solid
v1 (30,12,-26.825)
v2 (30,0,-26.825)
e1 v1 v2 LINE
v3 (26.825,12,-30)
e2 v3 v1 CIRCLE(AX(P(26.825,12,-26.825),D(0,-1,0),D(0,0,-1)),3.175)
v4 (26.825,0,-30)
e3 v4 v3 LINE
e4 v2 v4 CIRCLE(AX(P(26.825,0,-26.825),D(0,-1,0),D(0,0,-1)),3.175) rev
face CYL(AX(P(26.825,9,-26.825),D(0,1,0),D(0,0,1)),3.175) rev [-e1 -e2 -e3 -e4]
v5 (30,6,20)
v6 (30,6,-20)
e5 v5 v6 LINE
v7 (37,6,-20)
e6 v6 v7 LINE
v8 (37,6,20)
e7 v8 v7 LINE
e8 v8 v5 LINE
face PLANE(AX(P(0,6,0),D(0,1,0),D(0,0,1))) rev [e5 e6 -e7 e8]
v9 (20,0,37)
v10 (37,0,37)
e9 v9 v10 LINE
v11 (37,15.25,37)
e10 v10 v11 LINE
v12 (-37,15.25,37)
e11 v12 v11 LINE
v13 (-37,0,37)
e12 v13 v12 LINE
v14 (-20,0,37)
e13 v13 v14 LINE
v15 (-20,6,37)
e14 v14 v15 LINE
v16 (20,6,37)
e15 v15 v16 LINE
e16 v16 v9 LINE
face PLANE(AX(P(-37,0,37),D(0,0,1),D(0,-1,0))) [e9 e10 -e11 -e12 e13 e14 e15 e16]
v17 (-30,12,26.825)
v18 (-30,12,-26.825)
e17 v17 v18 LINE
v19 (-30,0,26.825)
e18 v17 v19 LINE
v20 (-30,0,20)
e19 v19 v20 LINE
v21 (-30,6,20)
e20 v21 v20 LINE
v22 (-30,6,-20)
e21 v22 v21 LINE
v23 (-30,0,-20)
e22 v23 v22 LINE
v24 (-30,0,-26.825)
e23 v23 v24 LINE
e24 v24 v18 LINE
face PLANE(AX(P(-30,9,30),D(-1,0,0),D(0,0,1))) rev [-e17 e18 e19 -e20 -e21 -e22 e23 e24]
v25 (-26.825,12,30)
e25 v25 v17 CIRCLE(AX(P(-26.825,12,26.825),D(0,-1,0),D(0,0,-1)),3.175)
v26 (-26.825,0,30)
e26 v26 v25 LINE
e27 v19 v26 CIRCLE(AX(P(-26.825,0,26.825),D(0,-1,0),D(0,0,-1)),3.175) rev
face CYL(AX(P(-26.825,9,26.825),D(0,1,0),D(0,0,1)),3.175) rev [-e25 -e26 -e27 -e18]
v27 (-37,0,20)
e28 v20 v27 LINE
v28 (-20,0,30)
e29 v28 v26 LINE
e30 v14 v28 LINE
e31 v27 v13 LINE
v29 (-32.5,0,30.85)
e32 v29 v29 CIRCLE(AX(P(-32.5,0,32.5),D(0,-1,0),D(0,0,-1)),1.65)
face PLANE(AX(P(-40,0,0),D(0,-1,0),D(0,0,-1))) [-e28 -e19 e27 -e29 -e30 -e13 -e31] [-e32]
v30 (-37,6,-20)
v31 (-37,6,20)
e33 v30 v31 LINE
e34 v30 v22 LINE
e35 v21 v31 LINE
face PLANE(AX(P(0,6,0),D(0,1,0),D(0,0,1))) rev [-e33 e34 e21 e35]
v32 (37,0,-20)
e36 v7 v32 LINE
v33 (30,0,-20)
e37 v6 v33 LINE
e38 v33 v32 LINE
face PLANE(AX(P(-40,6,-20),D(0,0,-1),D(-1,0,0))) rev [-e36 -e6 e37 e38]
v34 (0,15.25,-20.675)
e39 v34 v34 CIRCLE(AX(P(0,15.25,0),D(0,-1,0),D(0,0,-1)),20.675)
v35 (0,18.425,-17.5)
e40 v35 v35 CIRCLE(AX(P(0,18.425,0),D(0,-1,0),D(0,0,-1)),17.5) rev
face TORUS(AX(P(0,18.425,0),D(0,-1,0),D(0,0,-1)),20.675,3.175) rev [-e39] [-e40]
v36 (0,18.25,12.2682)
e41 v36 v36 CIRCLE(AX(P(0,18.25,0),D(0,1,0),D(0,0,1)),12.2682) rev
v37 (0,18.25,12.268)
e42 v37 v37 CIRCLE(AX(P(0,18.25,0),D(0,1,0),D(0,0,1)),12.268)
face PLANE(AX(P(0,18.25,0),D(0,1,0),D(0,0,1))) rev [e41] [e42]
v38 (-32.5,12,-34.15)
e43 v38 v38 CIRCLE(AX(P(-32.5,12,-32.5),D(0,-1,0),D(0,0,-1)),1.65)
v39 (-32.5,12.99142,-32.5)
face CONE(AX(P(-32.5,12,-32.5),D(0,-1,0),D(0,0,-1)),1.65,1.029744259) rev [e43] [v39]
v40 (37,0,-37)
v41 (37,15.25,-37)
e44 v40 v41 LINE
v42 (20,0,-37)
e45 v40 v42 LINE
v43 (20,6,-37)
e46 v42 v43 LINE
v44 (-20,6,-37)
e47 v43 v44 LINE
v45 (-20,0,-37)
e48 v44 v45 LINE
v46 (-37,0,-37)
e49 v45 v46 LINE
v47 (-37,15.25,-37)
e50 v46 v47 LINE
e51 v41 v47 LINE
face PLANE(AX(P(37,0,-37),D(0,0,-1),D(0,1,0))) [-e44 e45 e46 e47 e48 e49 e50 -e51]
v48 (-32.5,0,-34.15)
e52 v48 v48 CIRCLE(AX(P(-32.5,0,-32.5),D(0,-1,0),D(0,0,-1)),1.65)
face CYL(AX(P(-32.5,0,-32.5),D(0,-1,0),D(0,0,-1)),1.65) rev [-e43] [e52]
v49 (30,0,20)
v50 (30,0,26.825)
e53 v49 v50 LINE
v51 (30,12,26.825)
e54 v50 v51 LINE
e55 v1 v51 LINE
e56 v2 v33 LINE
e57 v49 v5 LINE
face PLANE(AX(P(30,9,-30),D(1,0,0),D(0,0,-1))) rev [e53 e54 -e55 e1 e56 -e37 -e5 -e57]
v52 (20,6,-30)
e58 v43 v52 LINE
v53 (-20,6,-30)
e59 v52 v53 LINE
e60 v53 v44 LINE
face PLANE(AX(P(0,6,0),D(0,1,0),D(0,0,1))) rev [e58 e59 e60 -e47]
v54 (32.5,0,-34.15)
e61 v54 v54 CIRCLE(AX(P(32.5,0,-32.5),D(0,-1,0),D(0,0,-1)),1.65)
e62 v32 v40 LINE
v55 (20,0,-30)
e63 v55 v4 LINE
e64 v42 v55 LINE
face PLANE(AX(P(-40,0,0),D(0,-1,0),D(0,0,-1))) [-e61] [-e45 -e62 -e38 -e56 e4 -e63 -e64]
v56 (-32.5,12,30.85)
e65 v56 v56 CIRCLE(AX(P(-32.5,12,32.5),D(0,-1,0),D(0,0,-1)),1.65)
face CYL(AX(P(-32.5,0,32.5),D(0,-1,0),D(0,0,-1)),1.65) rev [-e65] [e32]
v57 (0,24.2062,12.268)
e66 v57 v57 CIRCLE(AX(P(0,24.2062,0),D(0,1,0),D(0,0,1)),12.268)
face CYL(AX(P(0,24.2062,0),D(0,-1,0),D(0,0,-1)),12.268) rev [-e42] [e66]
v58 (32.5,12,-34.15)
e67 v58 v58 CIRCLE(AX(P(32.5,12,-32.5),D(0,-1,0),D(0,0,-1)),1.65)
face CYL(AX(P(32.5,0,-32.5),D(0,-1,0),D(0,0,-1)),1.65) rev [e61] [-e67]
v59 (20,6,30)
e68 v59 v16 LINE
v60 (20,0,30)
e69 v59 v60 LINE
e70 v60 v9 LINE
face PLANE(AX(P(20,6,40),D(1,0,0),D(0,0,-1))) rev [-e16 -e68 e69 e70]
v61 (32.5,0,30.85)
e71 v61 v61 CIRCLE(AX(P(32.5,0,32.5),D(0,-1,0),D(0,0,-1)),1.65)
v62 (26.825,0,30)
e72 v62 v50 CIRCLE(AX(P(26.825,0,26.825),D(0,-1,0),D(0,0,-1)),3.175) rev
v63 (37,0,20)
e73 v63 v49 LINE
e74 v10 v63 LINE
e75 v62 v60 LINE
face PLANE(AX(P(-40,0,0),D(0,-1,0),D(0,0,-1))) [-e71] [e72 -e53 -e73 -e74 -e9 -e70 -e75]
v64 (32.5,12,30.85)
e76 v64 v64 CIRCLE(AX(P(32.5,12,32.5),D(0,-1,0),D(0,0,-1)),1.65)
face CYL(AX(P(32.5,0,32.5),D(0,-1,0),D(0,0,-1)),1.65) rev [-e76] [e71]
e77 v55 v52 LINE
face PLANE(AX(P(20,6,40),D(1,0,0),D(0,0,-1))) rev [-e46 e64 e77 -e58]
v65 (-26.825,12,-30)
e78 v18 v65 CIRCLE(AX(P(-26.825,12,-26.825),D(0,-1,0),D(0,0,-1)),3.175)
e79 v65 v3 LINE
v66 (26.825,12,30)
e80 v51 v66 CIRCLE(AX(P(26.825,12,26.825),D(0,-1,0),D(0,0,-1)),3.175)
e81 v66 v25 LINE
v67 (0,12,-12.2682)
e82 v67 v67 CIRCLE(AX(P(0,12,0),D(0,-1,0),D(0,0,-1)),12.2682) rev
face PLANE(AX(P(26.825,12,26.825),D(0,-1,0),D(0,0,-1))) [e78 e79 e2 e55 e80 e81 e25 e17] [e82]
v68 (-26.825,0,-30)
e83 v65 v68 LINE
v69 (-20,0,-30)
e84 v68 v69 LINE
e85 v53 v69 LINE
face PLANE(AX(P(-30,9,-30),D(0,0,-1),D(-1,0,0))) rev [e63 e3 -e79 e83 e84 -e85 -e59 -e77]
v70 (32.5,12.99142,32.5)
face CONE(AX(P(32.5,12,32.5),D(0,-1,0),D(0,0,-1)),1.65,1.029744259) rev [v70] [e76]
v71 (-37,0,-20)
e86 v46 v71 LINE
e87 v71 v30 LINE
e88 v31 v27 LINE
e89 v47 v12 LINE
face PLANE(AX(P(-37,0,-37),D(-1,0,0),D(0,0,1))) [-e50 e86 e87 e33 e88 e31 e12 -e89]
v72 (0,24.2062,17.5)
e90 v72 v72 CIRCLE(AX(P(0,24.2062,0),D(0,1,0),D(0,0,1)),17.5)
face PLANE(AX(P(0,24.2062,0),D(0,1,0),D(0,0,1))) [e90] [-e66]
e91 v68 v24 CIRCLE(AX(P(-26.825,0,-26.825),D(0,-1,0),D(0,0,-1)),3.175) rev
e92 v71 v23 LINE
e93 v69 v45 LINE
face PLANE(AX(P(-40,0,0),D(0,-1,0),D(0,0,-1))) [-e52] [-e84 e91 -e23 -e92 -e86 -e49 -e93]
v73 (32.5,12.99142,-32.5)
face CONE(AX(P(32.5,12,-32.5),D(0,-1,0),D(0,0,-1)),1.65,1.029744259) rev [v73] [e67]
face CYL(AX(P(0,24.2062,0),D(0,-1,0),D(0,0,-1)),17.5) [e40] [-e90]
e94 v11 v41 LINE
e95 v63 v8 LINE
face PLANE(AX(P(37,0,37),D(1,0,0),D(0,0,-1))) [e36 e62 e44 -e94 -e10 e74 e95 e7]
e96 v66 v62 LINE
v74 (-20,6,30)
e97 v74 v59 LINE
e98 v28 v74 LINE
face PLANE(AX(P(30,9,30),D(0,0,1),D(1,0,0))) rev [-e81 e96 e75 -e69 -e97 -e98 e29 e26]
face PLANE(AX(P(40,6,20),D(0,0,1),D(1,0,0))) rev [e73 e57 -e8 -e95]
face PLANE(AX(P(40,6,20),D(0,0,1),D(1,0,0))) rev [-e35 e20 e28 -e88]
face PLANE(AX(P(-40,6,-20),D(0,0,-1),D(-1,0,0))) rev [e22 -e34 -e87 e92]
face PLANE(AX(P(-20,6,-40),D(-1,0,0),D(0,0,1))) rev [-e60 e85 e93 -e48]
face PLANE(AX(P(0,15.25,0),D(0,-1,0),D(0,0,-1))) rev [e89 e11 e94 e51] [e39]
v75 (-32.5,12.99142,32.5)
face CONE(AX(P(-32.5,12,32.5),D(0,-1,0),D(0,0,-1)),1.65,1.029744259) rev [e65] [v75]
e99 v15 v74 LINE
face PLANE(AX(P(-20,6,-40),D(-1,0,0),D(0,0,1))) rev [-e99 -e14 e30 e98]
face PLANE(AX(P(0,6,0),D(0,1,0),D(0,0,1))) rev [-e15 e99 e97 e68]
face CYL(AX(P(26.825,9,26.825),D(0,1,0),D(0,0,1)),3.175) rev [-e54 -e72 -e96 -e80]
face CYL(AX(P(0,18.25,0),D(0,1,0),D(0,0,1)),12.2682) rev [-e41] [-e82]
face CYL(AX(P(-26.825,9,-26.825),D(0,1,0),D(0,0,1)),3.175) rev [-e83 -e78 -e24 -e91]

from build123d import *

# Parameters (mm, degrees)
OUTLINE_DEPTH        = 40
OUTLINE_DEPTH_BACK   = 40
SKETCH1_W            = 18.25
SKETCH1_H            = 40
SKETCH2_W            = 40
SKETCH2_H            = 80
EXTRUSION15_DEPTH    = 6
CAMERA_MOUNT_D       = 24.5364
SKETCH5_R            = 17.5
SKETCH5_R_2          = 12.268
EXTRUSION19_DEPTH    = 5.9562
CUT_EXTRUDE1_START   = -3
SKETCH10_W           = 80
SKETCH10_H           = 80
SKETCH10_R           = 17.5
CUT_EXTRUDE1_DEPTH   = 3
SKETCH6_W            = 80
SKETCH6_H            = 40
EXTRUSION21_DEPTH    = 6
SKETCH7_W            = 60
SKETCH7_H            = 60
EXTRUSION22_DEPTH    = 9
FILLET4_R            = 3.175
HOLE7_D              = 3.3
HOLE7_DEPTH          = 12
HOLE7_TIP            = 0.991420021
SKETCH11_OUTSIDE_W   = 105.14
SKETCH11_OUTSIDE_H   = 105.14
SKETCH11_OUTSIDE_W_2 = 74
SKETCH11_OUTSIDE_H_2 = 74
CUT_EXTRUDE2_DEPTH   = 59.588074725
CUT_EXTRUDE3_START   = -3
CUT_EXTRUDE3_DEPTH   = 3


with BuildPart() as part:
    # Sketch1 → Outline (new, two sides: drawn at the far end of the back side and taken through both)
    with BuildSketch(Plane.YZ.offset(-OUTLINE_DEPTH_BACK)):
        Polygon((18.25, 40), (5.33, 40), (0, 40), (0, 0), (18.25, 0), align=None)
        with Locations((9.125, -20)):
            Rectangle(SKETCH1_W, SKETCH1_H)
    extrude(amount=OUTLINE_DEPTH + OUTLINE_DEPTH_BACK)

    # Sketch2 → Extrusion15 (cut)
    with BuildSketch(Plane.XZ):
        Rectangle(SKETCH2_W, SKETCH2_H)
    extrude(amount=-EXTRUSION15_DEPTH, mode=Mode.SUBTRACT)

    # Camera mount (through all)
    with Locations(Plane(origin=(0, 18.25, 0), x_dir=(1, 0, 0), z_dir=(0, 1, 0))):
        with Locations((0, 0)):
            Hole(CAMERA_MOUNT_D / 2)

    # Sketch5 → Extrusion19 (add)
    with BuildSketch(Plane(origin=(0, 18.25, 0), x_dir=(-1, 0, 0), z_dir=(0, 1, 0))):
        with Locations(Location((0, 0, 0), (0, 0, 90))):
            Circle(SKETCH5_R)
        with Locations(Location((0, 0, 0), (0, 0, 90))):
            Circle(SKETCH5_R_2, mode=Mode.SUBTRACT)
    extrude(amount=EXTRUSION19_DEPTH)

    # Sketch10 → Cut-Extrude1 (cut)
    with BuildSketch(Plane(origin=(0, 18.25, 0), x_dir=(1, 0, 0), z_dir=(0, 1, 0)).offset(CUT_EXTRUDE1_START)):
        Rectangle(SKETCH10_W, SKETCH10_H)
        with Locations(Location((0, 0, 0), (0, 0, 270))):
            Circle(SKETCH10_R, mode=Mode.SUBTRACT)
    extrude(amount=CUT_EXTRUDE1_DEPTH, mode=Mode.SUBTRACT)

    # Sketch6 → Extrusion21 (cut)
    with BuildSketch(Plane.XZ):
        Rectangle(SKETCH6_W, SKETCH6_H)
    extrude(amount=-EXTRUSION21_DEPTH, mode=Mode.SUBTRACT)

    # Sketch7 → Extrusion22 (cut)
    with BuildSketch(Plane.XZ):
        Rectangle(SKETCH7_W, SKETCH7_H)
    extrude(amount=-EXTRUSION22_DEPTH, mode=Mode.SUBTRACT)

    # Fillet4
    fillet4_edges = [part.edges().sort_by_distance(p)[0] for p in [
        (-30, 4.5, 30),
        (30, 4.5, -30),
        (30, 4.5, 30),
        (-30, 4.5, -30),
        (0, 15.25, -17.5),
    ]]
    fillet(fillet4_edges, radius=FILLET4_R)

    # Hole7
    with Locations(Plane(origin=(0, 0, 0), x_dir=(-1, 0, 0), z_dir=(0, -1, 0))):
        with Locations((32.5, 32.5), (-32.5, 32.5), (-32.5, -32.5), (32.5, -32.5)):
            Hole(HOLE7_D / 2, depth=HOLE7_DEPTH)
            with Locations((0, 0, -(HOLE7_DEPTH + HOLE7_TIP / 2))):  # 118° drill point
                Cone(0, HOLE7_D / 2, HOLE7_TIP, mode=Mode.SUBTRACT)

    # Sketch11 outside → Cut-Extrude2 (cut, through all)
    with BuildSketch(Plane(origin=(0, 15.25, 0), x_dir=(1, 0, 0), z_dir=(0, 1, 0))):
        Rectangle(SKETCH11_OUTSIDE_W, SKETCH11_OUTSIDE_H)
        Rectangle(SKETCH11_OUTSIDE_W_2, SKETCH11_OUTSIDE_H_2, mode=Mode.SUBTRACT)
    extrude(amount=-CUT_EXTRUDE2_DEPTH, mode=Mode.SUBTRACT)

    # Sketch13 → Cut-Extrude3 (cut)
    with BuildSketch(Plane.XZ.offset(-9).offset(CUT_EXTRUDE3_START)):
        with BuildLine():
            Line((26.825, 30), (-26.825, 30))
            ThreePointArc((-26.825, 30), (-29.07006403, 29.07006403), (-30, 26.825))
            Line((-30, 26.825), (-30, -26.825))
            ThreePointArc((-30, -26.825), (-29.07006403, -29.07006403), (-26.825, -30))
            Line((-26.825, -30), (26.825, -30))
            ThreePointArc((26.825, -30), (29.07006403, -29.07006403), (30, -26.825))
            Line((30, -26.825), (30, 26.825))
            ThreePointArc((30, 26.825), (29.07006403, 29.07006403), (26.825, 30))
        make_face()
    extrude(amount=CUT_EXTRUDE3_DEPTH, mode=Mode.SUBTRACT)


solid = part.part
